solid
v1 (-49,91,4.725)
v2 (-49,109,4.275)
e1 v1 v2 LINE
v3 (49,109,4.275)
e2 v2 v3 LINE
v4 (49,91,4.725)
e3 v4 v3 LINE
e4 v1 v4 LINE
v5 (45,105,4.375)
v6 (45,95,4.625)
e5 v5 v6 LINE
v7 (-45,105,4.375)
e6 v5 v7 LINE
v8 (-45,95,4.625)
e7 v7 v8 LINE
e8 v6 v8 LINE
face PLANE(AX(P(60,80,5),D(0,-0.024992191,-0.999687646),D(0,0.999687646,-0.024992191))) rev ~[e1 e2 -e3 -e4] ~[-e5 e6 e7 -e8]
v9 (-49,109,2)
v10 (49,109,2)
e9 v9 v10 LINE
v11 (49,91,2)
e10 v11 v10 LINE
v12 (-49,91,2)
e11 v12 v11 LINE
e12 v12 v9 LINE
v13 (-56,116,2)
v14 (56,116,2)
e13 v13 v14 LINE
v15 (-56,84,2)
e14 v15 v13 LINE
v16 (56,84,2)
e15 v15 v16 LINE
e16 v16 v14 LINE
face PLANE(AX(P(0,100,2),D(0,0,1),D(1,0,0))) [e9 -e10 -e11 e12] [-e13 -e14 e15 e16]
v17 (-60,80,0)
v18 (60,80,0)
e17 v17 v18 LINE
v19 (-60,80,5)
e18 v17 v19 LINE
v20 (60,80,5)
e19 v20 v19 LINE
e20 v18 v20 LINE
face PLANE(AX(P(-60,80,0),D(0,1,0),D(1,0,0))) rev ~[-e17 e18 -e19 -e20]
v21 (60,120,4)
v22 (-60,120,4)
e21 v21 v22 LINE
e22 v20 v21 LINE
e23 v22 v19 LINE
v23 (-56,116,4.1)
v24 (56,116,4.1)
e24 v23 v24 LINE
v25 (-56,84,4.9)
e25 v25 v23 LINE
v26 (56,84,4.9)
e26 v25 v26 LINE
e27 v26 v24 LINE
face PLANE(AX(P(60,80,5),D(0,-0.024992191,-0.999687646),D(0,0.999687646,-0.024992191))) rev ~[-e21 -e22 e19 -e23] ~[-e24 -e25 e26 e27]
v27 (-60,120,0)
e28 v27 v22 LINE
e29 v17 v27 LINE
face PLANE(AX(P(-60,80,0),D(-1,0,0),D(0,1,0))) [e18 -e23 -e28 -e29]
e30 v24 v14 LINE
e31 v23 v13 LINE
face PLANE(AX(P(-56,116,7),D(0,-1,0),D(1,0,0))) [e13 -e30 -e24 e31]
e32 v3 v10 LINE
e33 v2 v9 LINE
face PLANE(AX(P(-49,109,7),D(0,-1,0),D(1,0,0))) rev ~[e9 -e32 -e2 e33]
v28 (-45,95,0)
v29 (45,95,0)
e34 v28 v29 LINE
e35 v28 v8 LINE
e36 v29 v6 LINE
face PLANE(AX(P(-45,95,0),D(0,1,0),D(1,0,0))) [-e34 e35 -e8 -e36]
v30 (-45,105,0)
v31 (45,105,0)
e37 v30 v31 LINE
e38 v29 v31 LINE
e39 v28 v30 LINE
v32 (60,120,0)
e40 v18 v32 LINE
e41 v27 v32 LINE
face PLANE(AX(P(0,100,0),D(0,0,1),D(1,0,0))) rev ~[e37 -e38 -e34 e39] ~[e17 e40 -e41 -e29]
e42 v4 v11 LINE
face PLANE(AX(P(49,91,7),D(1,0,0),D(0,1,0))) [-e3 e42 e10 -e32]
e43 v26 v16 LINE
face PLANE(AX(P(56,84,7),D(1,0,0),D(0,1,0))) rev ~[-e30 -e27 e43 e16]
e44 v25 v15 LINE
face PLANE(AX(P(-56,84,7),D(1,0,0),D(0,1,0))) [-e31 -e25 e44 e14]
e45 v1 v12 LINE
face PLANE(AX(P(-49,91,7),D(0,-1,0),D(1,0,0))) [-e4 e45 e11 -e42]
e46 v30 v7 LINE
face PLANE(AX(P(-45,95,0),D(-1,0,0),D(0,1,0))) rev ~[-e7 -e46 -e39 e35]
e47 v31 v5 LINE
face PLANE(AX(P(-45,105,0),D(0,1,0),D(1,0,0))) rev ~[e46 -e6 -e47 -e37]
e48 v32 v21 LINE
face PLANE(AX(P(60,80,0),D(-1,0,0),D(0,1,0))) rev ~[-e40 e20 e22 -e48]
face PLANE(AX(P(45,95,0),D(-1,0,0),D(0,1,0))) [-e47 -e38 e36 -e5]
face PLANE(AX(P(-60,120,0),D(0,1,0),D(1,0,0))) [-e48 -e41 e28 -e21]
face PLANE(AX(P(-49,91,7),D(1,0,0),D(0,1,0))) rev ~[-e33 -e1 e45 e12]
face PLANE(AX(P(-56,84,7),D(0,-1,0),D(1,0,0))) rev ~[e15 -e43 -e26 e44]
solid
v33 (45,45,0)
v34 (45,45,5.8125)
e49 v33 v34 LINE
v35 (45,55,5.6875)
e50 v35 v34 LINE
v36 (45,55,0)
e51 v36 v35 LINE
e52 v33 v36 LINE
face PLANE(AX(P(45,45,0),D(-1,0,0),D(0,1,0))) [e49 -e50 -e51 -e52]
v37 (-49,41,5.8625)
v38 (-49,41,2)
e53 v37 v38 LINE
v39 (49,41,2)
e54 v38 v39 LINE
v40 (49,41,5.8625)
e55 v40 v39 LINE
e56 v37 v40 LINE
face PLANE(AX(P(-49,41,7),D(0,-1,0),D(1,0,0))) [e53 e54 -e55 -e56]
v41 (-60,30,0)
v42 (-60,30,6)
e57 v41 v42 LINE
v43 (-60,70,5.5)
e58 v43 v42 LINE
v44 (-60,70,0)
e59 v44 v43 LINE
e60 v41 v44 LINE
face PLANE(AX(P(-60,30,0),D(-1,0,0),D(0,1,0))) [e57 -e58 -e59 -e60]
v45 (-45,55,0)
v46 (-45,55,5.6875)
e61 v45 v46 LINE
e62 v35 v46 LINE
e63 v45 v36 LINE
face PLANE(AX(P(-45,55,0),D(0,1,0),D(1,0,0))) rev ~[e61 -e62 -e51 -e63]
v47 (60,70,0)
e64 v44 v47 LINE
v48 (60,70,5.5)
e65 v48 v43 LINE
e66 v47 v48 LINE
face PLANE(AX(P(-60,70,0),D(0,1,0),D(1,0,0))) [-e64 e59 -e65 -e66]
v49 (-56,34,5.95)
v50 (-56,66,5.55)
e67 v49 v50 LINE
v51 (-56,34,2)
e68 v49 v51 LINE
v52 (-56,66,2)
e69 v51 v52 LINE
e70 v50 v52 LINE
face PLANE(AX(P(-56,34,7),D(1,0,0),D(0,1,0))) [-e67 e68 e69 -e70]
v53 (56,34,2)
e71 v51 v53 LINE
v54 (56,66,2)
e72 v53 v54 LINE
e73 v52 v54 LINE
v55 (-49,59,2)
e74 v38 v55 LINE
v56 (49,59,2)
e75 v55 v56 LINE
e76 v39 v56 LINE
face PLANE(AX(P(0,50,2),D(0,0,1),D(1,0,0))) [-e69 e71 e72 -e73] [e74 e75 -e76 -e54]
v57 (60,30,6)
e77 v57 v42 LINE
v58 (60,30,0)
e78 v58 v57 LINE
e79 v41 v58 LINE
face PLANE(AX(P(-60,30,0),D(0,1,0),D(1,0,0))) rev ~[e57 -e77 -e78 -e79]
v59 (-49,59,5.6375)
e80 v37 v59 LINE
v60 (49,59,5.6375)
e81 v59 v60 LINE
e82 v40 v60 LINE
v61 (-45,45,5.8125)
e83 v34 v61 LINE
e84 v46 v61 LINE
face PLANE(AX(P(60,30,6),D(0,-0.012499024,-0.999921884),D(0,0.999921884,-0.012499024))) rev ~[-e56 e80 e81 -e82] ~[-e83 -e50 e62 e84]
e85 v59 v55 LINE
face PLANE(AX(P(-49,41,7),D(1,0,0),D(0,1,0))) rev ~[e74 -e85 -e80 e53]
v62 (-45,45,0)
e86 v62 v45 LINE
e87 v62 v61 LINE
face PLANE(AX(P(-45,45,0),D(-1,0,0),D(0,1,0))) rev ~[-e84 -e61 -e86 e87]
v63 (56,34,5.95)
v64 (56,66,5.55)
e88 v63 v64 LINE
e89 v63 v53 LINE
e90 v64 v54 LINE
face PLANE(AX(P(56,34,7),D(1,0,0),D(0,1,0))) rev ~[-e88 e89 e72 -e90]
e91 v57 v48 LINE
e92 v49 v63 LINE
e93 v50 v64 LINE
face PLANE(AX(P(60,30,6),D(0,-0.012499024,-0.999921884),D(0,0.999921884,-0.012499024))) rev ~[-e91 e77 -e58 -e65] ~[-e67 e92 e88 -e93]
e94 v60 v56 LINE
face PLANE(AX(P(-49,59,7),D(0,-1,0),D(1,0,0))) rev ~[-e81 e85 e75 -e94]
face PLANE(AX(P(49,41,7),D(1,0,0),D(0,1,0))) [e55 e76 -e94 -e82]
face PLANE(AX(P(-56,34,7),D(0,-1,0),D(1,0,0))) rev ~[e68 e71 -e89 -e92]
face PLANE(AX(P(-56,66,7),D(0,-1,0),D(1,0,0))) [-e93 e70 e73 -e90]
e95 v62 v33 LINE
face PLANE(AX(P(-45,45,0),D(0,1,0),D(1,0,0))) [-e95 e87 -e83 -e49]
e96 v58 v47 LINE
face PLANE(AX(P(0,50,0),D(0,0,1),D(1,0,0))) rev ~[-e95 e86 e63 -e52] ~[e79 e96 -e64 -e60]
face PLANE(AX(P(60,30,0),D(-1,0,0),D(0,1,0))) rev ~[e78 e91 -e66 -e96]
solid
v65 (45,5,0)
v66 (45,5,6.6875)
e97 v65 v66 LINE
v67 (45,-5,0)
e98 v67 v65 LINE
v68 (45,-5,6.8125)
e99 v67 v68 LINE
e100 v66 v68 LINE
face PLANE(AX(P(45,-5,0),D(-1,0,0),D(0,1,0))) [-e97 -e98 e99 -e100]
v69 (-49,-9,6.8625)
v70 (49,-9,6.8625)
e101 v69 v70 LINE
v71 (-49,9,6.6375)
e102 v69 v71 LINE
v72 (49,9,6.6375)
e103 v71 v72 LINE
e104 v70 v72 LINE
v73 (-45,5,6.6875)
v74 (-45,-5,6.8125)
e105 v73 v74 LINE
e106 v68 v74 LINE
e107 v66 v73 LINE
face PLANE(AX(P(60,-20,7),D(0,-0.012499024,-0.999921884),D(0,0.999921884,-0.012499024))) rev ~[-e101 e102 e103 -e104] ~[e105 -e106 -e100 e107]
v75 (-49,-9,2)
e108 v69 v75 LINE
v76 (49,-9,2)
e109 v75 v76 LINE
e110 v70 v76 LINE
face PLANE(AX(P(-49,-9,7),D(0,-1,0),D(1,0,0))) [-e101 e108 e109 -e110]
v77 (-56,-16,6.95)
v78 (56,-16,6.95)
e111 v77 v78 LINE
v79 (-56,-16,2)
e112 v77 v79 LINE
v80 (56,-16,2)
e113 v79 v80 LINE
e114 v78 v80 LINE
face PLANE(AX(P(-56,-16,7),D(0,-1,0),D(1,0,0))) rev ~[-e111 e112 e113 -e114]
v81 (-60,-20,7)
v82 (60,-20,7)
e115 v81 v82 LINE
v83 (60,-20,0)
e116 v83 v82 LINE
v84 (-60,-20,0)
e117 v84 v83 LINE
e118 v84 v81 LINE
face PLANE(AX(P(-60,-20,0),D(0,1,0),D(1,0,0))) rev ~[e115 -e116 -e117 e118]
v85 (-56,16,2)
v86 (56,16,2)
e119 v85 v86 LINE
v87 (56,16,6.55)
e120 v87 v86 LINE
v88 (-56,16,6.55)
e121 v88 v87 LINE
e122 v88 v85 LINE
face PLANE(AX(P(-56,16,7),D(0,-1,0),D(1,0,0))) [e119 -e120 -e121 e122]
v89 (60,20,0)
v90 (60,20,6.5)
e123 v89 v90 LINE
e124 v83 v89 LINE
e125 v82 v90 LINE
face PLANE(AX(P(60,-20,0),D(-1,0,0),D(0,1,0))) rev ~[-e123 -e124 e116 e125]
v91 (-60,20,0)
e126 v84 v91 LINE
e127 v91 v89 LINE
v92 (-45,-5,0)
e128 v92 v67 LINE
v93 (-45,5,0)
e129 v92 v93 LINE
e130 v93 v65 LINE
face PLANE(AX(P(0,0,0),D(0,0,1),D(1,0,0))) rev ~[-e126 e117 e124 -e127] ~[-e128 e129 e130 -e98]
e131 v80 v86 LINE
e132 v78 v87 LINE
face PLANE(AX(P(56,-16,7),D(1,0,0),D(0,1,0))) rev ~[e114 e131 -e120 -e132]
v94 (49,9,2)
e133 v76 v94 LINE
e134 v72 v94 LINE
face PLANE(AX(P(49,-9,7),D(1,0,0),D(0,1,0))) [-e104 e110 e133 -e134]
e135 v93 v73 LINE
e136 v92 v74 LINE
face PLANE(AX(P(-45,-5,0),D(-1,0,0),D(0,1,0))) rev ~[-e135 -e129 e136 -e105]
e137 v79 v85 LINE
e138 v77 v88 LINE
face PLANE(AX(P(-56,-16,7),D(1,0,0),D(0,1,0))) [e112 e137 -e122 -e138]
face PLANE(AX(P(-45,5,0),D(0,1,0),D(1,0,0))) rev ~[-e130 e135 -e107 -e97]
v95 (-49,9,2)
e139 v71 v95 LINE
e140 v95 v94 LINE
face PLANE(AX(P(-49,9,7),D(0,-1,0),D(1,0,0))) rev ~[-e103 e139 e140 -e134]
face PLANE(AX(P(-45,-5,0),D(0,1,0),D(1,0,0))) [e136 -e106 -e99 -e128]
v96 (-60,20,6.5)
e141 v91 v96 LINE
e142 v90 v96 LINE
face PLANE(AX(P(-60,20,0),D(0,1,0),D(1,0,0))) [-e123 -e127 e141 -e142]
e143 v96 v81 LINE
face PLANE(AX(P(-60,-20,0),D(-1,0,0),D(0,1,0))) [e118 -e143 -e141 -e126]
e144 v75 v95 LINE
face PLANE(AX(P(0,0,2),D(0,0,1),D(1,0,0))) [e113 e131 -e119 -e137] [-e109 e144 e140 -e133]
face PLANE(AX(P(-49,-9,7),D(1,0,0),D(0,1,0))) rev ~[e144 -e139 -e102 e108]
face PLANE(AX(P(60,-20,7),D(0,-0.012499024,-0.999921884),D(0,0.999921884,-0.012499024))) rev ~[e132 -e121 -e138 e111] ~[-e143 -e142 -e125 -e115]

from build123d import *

# Parameters (mm, degrees)
F0_W      = 120
F0_H      = 40
F0_W_2    = 90
F0_H_2    = 10
F1_DEPTH  = 7
F2_W      = 112
F2_H      = 32
F2_W_2    = 98
F2_H_2    = 18
F3_DEPTH  = 5
F4_W      = 112
F4_H      = 32
F4_W_2    = 98
F4_H_2    = 18
F5_DEPTH  = 5
F6_W      = 112
F6_H      = 32
F6_W_2    = 98
F6_H_2    = 18
F7_DEPTH  = 5
F9_DEPTH  = 120.001
F11_DEPTH = 120.001
F13_DEPTH = 120.001


with BuildPart() as f1:
    # F0 (on Top) → F1 (new body)
    with BuildSketch(Plane.XY):
        Rectangle(F0_W, F0_H)
        Rectangle(F0_W_2, F0_H_2, mode=Mode.SUBTRACT)
        with Locations((0, 50)):
            Rectangle(F0_W, F0_H)
        with Locations((0, 50)):
            Rectangle(F0_W_2, F0_H_2, mode=Mode.SUBTRACT)
        with Locations((0, 100)):
            Rectangle(F0_W, F0_H)
        with Locations((0, 100)):
            Rectangle(F0_W_2, F0_H_2, mode=Mode.SUBTRACT)
    extrude(amount=F1_DEPTH)

    # F2 (on face) → F3 (cut)
    with BuildSketch(Plane.XY.offset(7)):
        Rectangle(F2_W, F2_H)
        Rectangle(F2_W_2, F2_H_2, mode=Mode.SUBTRACT)
    extrude(amount=-F3_DEPTH, mode=Mode.SUBTRACT)

    # F4 (on face) → F5 (cut)
    with BuildSketch(Plane.XY.offset(7)):
        with Locations((0, 50)):
            Rectangle(F4_W, F4_H)
        with Locations((0, 50)):
            Rectangle(F4_W_2, F4_H_2, mode=Mode.SUBTRACT)
    extrude(amount=-F5_DEPTH, mode=Mode.SUBTRACT)

    # F6 (on face) → F7 (cut)
    with BuildSketch(Plane.XY.offset(7)):
        with Locations((0, 100)):
            Rectangle(F6_W, F6_H)
        with Locations((0, 100)):
            Rectangle(F6_W_2, F6_H_2, mode=Mode.SUBTRACT)
    extrude(amount=-F7_DEPTH, mode=Mode.SUBTRACT)

    # F8 (on face) → F9 (cut, through all)
    with BuildSketch(Plane.YZ.offset(60)):
        Polygon((20, 7), (-20, 7), (20, 6.5), align=None)
    extrude(amount=-F9_DEPTH, mode=Mode.SUBTRACT)

    # F10 (on face) → F11 (cut, through all)
    with BuildSketch(Plane.YZ.offset(60)):
        Polygon((30, 7), (30, 6), (70, 5.5), (70, 7), align=None)
    extrude(amount=-F11_DEPTH, mode=Mode.SUBTRACT)

    # F12 (on face) → F13 (cut, through all)
    with BuildSketch(Plane.YZ.offset(60)):
        Polygon((80, 7), (80, 5), (120, 4), (120, 7), align=None)
    extrude(amount=-F13_DEPTH, mode=Mode.SUBTRACT)


solid = f1.part
